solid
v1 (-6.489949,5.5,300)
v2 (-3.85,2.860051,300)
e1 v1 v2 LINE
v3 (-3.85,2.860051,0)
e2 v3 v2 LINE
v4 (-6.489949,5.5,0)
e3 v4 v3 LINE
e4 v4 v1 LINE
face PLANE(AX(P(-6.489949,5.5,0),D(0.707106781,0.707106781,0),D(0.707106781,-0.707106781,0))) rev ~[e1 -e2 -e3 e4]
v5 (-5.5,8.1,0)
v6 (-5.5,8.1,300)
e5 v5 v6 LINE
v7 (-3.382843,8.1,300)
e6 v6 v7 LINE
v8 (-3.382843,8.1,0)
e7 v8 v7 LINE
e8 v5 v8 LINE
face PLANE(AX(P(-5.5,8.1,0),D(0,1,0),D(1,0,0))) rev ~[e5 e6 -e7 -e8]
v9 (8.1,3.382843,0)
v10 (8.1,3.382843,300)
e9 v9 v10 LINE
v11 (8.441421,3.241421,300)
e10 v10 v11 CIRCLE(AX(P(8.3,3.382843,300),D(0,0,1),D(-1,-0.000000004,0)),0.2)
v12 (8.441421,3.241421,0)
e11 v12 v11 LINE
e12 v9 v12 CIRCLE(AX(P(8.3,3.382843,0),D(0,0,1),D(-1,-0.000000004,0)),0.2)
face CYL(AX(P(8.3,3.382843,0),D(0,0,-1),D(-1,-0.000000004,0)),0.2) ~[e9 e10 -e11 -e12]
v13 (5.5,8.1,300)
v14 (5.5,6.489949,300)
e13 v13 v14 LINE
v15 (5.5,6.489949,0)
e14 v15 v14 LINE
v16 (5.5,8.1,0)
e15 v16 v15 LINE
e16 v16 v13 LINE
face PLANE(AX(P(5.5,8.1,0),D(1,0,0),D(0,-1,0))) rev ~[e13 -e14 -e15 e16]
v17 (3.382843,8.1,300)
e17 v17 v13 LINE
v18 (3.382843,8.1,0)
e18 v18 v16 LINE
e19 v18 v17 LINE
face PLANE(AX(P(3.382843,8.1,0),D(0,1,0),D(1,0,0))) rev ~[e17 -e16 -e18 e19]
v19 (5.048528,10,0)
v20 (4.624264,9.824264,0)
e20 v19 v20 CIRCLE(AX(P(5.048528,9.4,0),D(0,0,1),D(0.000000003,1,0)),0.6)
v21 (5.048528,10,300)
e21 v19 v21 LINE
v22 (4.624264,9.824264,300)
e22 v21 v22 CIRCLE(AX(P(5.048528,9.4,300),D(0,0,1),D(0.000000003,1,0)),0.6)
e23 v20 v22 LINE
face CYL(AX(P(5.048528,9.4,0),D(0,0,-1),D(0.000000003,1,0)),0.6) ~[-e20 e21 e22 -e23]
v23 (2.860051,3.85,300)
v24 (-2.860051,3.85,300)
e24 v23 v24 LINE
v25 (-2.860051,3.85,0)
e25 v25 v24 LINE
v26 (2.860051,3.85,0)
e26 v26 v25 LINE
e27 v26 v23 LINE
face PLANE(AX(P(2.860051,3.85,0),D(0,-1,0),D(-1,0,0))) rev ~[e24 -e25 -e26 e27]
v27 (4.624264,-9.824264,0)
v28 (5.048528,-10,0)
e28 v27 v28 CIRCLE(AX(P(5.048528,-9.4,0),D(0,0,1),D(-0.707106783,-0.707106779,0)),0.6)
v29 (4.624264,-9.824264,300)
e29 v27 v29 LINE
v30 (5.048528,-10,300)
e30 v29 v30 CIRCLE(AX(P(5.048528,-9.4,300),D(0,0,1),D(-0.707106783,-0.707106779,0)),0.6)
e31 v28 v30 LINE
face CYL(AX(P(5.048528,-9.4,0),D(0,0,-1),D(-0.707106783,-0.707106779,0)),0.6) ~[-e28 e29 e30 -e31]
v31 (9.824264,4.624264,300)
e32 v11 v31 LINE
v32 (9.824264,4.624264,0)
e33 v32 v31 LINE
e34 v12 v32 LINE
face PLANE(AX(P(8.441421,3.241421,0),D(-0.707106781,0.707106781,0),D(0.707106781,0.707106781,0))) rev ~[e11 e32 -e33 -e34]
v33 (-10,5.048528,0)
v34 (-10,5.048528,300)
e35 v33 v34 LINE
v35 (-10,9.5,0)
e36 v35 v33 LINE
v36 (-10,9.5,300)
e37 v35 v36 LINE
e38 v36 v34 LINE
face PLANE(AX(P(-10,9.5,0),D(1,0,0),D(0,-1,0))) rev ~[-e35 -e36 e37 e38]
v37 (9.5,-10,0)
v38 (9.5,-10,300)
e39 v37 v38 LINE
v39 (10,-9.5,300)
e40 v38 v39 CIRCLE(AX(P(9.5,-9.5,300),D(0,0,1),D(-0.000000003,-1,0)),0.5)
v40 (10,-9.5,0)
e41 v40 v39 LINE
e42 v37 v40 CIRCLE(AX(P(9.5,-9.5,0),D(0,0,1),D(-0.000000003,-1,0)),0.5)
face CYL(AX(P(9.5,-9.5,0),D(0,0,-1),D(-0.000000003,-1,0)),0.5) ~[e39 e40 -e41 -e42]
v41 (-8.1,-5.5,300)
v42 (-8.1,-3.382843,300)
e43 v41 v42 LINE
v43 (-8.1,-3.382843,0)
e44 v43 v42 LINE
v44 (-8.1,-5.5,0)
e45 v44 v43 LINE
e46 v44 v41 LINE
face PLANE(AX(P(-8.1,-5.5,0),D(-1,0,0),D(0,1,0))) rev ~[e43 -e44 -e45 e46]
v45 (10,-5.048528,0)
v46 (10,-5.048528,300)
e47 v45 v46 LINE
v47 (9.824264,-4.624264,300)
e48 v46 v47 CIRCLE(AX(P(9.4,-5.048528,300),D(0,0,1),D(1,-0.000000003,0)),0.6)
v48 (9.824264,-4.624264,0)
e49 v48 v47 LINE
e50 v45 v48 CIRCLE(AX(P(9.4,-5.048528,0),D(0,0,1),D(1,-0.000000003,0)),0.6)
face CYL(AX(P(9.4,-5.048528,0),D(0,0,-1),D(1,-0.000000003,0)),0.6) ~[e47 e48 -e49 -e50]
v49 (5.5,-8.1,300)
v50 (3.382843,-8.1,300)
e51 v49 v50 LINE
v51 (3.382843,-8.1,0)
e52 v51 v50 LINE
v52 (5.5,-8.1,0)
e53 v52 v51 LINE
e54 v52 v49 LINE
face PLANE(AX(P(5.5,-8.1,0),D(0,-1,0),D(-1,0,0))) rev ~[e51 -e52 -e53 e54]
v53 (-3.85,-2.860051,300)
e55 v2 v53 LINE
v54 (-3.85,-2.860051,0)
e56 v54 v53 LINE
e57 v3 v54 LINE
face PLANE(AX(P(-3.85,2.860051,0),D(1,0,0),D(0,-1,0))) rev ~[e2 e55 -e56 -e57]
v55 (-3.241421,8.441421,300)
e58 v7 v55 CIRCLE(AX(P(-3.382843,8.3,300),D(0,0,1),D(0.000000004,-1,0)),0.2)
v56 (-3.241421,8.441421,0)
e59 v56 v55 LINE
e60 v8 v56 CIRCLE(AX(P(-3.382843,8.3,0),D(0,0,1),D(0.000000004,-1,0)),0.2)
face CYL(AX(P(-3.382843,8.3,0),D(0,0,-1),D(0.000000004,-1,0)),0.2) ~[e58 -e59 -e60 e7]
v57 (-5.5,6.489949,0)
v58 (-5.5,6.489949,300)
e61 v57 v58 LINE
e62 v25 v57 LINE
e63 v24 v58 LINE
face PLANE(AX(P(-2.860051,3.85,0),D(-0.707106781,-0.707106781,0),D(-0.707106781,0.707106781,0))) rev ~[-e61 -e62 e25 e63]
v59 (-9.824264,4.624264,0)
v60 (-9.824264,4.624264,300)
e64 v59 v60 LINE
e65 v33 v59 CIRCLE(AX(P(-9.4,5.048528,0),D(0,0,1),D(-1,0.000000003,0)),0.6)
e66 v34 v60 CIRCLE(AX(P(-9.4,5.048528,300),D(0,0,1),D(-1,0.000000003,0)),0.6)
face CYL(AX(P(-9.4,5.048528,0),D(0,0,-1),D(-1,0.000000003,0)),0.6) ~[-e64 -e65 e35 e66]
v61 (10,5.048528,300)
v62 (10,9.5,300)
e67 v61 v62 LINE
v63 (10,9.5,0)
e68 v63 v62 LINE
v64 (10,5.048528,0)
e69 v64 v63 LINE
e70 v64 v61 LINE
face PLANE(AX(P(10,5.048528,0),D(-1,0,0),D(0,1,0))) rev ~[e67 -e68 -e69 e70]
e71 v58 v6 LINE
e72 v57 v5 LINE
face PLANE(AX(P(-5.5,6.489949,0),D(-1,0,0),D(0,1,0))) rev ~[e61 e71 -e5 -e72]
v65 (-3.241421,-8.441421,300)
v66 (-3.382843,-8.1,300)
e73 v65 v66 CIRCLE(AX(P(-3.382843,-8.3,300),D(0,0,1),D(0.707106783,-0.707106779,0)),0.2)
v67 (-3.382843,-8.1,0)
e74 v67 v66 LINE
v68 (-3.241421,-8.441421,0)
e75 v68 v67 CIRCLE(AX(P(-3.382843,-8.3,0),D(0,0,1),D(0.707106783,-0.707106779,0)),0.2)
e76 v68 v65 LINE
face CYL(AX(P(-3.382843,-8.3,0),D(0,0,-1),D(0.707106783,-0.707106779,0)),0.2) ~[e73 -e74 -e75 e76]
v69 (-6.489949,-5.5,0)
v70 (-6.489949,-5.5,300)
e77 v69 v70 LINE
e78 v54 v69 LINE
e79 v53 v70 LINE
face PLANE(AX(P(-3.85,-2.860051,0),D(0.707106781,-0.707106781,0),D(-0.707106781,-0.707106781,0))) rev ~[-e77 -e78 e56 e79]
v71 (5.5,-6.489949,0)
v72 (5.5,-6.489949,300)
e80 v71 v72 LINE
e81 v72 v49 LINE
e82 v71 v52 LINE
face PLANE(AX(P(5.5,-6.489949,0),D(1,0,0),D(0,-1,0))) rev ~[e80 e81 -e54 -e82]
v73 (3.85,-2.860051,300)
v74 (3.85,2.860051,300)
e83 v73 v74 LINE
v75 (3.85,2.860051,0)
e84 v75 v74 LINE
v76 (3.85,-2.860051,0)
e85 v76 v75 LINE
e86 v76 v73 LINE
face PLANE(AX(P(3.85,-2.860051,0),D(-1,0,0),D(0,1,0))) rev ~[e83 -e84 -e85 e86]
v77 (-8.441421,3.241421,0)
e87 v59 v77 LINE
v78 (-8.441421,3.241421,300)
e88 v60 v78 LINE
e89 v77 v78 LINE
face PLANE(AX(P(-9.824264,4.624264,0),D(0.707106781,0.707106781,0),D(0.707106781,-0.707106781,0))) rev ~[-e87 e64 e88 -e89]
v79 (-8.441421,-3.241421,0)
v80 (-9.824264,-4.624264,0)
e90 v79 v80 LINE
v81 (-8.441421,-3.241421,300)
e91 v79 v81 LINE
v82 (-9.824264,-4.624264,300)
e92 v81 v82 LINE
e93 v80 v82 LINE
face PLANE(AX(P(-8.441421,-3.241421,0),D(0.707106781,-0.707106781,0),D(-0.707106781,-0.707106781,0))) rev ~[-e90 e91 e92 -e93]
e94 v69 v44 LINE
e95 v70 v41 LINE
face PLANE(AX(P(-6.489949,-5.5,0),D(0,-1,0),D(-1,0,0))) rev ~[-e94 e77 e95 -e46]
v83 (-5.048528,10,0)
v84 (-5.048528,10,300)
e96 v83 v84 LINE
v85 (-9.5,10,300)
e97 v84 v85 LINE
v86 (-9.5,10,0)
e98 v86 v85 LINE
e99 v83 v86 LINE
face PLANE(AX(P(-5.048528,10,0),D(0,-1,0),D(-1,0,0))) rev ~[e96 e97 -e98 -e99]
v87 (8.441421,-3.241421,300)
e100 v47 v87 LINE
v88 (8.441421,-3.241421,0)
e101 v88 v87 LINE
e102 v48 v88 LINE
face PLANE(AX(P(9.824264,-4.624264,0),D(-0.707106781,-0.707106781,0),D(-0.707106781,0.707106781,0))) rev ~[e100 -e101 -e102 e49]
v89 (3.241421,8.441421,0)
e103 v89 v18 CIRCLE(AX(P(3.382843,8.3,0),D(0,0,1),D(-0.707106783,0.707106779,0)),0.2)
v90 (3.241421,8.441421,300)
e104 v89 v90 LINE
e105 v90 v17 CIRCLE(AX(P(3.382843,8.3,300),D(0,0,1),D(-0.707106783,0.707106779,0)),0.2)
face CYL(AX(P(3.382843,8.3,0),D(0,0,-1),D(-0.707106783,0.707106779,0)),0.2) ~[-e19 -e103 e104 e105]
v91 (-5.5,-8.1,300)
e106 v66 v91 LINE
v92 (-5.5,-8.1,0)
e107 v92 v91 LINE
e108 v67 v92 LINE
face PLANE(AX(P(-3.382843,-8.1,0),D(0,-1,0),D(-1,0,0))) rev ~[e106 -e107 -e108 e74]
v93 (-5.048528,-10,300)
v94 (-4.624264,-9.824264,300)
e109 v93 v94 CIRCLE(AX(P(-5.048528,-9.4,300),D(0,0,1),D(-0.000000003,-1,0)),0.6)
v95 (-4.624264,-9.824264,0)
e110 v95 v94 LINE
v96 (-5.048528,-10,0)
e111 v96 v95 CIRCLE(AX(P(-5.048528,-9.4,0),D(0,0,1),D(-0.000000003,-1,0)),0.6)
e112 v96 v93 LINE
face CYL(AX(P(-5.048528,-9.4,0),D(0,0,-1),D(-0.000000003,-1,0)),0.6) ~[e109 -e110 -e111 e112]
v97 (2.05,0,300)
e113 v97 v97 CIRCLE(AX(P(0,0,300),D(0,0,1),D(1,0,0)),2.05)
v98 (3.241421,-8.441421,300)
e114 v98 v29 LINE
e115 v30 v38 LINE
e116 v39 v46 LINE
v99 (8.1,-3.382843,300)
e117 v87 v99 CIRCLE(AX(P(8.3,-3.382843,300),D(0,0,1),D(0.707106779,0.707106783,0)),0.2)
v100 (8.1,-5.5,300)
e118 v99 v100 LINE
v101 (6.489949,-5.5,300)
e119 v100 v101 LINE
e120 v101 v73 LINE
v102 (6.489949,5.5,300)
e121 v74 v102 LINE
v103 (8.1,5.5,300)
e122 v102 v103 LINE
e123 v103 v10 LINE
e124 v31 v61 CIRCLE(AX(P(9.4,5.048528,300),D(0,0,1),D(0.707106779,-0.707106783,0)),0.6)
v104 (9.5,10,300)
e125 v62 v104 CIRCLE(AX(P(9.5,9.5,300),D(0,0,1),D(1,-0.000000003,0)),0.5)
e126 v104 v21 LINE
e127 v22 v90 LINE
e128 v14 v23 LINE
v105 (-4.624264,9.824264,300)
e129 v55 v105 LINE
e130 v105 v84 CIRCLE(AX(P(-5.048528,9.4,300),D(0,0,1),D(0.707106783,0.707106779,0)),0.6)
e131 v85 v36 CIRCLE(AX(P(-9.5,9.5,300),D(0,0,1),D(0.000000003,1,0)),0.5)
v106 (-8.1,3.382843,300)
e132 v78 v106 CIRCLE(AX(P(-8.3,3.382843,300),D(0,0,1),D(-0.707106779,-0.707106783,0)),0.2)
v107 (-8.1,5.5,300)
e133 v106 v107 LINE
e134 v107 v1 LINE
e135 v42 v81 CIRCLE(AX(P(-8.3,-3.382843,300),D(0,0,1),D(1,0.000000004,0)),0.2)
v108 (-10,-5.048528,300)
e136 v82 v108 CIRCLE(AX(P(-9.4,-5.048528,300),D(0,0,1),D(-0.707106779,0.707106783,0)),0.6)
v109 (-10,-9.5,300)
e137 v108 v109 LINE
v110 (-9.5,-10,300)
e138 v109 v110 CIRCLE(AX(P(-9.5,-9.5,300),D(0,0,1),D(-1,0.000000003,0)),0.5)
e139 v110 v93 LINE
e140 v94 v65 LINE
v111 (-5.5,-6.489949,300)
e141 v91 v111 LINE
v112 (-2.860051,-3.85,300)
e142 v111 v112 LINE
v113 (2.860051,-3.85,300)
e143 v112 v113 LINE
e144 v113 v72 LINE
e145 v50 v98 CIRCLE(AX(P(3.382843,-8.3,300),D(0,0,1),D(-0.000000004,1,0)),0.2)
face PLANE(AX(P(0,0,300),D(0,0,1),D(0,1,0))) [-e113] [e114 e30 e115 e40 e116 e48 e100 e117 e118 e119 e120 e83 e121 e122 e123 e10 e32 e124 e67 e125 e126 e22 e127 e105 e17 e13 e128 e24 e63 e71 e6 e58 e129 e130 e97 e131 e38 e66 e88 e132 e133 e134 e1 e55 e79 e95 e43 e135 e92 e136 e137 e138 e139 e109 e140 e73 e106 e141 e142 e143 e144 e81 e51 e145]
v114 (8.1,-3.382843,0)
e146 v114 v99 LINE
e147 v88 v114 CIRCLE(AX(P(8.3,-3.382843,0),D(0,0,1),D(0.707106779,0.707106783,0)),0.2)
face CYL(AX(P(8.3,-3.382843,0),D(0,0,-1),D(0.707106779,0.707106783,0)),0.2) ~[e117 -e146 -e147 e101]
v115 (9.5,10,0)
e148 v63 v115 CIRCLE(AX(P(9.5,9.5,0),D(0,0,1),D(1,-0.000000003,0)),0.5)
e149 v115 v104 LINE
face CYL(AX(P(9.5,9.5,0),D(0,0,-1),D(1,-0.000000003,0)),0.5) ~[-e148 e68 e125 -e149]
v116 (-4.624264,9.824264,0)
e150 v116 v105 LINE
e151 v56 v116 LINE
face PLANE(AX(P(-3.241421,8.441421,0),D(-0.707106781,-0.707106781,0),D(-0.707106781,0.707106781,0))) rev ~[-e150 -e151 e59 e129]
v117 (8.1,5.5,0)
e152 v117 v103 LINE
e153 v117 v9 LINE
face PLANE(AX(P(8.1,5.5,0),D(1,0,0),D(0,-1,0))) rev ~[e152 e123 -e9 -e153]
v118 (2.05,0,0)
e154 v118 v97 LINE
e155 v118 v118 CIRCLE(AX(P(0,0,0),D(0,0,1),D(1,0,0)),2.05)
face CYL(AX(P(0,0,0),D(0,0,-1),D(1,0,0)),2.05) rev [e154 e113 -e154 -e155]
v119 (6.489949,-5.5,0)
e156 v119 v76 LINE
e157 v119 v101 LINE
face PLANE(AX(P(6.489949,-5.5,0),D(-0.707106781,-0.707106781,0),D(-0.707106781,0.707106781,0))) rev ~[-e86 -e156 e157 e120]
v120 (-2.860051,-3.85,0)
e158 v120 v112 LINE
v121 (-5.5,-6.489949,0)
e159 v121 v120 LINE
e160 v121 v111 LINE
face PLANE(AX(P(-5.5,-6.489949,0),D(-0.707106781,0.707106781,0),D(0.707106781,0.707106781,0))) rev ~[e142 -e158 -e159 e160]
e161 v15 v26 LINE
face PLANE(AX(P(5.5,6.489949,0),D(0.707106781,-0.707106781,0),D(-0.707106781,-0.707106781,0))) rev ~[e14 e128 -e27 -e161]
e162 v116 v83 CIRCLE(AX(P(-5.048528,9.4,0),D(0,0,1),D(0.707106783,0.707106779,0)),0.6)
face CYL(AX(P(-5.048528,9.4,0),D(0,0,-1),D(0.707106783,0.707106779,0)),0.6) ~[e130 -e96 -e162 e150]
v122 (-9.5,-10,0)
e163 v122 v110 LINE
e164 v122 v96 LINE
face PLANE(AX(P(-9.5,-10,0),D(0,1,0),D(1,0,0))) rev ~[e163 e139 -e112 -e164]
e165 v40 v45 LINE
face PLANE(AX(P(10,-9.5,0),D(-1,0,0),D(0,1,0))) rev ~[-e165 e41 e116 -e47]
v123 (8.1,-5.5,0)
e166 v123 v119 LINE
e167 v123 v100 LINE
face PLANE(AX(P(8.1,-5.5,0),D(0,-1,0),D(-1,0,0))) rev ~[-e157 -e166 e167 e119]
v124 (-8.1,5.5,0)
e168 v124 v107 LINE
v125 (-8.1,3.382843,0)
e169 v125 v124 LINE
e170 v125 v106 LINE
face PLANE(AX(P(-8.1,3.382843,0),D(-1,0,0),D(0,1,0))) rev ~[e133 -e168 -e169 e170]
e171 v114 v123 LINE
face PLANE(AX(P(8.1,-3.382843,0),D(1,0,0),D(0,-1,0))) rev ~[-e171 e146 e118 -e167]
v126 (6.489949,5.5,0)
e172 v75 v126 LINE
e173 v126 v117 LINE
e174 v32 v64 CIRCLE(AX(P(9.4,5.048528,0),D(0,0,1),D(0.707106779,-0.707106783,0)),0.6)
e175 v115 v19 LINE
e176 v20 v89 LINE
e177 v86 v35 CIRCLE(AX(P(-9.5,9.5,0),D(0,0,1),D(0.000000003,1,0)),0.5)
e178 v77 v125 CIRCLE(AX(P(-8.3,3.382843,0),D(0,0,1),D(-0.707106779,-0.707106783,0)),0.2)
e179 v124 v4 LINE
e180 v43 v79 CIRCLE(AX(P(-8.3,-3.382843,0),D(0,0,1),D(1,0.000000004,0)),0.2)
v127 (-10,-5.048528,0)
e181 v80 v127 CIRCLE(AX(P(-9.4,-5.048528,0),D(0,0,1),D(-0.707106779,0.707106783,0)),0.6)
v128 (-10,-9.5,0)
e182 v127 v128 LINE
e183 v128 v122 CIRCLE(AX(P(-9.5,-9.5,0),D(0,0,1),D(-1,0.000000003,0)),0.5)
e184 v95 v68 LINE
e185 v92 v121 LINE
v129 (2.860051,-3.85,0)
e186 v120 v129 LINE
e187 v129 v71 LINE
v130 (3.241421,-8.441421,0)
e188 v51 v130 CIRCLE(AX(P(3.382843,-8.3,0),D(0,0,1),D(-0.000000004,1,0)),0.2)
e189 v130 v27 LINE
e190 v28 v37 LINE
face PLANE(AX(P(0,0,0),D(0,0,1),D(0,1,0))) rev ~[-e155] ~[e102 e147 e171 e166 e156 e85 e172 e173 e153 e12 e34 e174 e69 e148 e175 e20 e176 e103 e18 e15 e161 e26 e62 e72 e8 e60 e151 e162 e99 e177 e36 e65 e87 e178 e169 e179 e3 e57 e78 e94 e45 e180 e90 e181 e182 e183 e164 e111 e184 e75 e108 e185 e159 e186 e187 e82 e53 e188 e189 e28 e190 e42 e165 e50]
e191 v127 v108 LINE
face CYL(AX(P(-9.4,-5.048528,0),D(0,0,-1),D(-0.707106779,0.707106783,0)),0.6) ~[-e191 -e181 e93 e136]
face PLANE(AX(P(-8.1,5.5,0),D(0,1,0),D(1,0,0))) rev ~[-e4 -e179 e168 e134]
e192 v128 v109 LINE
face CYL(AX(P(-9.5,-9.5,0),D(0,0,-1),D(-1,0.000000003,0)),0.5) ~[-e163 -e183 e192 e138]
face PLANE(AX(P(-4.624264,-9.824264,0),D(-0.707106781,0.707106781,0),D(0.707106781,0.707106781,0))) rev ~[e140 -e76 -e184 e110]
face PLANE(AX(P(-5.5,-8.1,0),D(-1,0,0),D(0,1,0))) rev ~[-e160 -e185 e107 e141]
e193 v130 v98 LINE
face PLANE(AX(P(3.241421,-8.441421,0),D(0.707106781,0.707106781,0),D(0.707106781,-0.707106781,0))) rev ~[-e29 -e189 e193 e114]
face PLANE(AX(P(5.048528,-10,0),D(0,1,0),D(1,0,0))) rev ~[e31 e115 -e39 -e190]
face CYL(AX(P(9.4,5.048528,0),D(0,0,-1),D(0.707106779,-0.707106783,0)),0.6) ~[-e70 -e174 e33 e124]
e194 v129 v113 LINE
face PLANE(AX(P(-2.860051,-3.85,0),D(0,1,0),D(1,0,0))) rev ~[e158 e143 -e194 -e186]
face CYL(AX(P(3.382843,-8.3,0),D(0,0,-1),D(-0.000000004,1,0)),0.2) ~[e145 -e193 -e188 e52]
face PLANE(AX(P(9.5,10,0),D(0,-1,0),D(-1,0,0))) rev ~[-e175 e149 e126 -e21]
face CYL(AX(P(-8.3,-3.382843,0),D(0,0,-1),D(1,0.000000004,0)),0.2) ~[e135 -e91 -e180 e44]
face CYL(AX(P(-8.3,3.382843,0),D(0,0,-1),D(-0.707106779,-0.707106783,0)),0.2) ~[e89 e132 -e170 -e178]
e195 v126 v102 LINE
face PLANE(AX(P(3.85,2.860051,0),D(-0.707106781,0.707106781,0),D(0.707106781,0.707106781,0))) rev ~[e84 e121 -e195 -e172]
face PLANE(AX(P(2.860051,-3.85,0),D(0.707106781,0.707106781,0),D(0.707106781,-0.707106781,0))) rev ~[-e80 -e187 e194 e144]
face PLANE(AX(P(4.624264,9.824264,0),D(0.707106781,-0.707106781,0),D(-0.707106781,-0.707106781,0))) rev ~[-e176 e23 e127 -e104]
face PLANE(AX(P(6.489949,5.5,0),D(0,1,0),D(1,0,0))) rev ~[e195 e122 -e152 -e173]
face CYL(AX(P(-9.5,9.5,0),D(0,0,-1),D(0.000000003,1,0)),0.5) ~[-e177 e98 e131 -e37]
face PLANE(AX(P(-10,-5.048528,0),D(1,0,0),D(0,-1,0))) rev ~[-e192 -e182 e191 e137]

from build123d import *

# Parameters (mm, degrees)
SKETCH1_R           = 2.05
BOSS_EXTRUDE1_DEPTH = 300


with BuildPart() as part:
    # Sketch1 → Boss-Extrude1 (new body)
    with BuildSketch(Plane(origin=(0, 0, 0), x_dir=(0, 1, 0), z_dir=(0, 0, 1))):
        with BuildLine():
            Line((-2.860050506, -3.85), (2.860050506, -3.85))
            Line((2.860050506, -3.85), (5.5, -6.489949494))
            Line((5.5, -6.489949494), (5.5, -8.1))
            Line((5.5, -8.1), (3.382842712, -8.1))
            ThreePointArc((3.382842712, -8.1), (3.198066806, -8.223463314), (3.241421356, -8.441421356))
            Line((3.241421356, -8.441421356), (4.624264069, -9.824264069))
            ThreePointArc((4.624264069, -9.824264069), (4.818918078, -9.95432772), (5.048528137, -10))
            Line((5.048528137, -10), (9.5, -10))
            ThreePointArc((9.5, -10), (9.853553391, -9.853553391), (10, -9.5))
            Line((10, -9.5), (10, -5.048528137))
            ThreePointArc((10, -5.048528137), (9.95432772, -4.818918078), (9.824264069, -4.624264069))
            Line((9.824264069, -4.624264069), (8.441421356, -3.241421356))
            ThreePointArc((8.441421356, -3.241421356), (8.223463314, -3.198066806), (8.1, -3.382842712))
            Line((8.1, -3.382842712), (8.1, -5.5))
            Line((8.1, -5.5), (6.489949494, -5.5))
            Line((6.489949494, -5.5), (3.85, -2.860050506))
            Line((3.85, -2.860050506), (3.85, 2.860050506))
            Line((3.85, 2.860050506), (6.489949494, 5.5))
            Line((6.489949494, 5.5), (8.1, 5.5))
            Line((8.1, 5.5), (8.1, 3.382842712))
            ThreePointArc((8.1, 3.382842712), (8.223463314, 3.198066806), (8.441421356, 3.241421356))
            Line((8.441421356, 3.241421356), (9.824264069, 4.624264069))
            ThreePointArc((9.824264069, 4.624264069), (9.95432772, 4.818918078), (10, 5.048528137))
            Line((10, 5.048528137), (10, 9.5))
            ThreePointArc((10, 9.5), (9.853553391, 9.853553391), (9.5, 10))
            Line((9.5, 10), (5.048528137, 10))
            ThreePointArc((5.048528137, 10), (4.818918078, 9.95432772), (4.624264069, 9.824264069))
            Line((4.624264069, 9.824264069), (3.241421356, 8.441421356))
            ThreePointArc((3.241421356, 8.441421356), (3.198066806, 8.223463314), (3.382842712, 8.1))
            Line((3.382842712, 8.1), (5.5, 8.1))
            Line((5.5, 8.1), (5.5, 6.489949494))
            Line((5.5, 6.489949494), (2.860050506, 3.85))
            Line((2.860050506, 3.85), (-2.860050506, 3.85))
            Line((-2.860050506, 3.85), (-5.5, 6.489949494))
            Line((-5.5, 6.489949494), (-5.5, 8.1))
            Line((-5.5, 8.1), (-3.382842712, 8.1))
            ThreePointArc((-3.382842712, 8.1), (-3.198066806, 8.223463314), (-3.241421356, 8.441421356))
            Line((-3.241421356, 8.441421356), (-4.624264069, 9.824264069))
            ThreePointArc((-4.624264069, 9.824264069), (-4.818918078, 9.95432772), (-5.048528137, 10))
            Line((-5.048528137, 10), (-9.5, 10))
            ThreePointArc((-9.5, 10), (-9.853553391, 9.853553391), (-10, 9.5))
            Line((-10, 9.5), (-10, 5.048528137))
            ThreePointArc((-10, 5.048528137), (-9.95432772, 4.818918078), (-9.824264069, 4.624264069))
            Line((-9.824264069, 4.624264069), (-8.441421356, 3.241421356))
            ThreePointArc((-8.441421356, 3.241421356), (-8.223463314, 3.198066806), (-8.1, 3.382842712))
            Line((-8.1, 3.382842712), (-8.1, 5.5))
            Line((-8.1, 5.5), (-6.489949494, 5.5))
            Line((-6.489949494, 5.5), (-3.85, 2.860050506))
            Line((-3.85, 2.860050506), (-3.85, -2.860050506))
            Line((-3.85, -2.860050506), (-6.489949494, -5.5))
            Line((-6.489949494, -5.5), (-8.1, -5.5))
            Line((-8.1, -5.5), (-8.1, -3.382842712))
            ThreePointArc((-8.1, -3.382842712), (-8.223463314, -3.198066806), (-8.441421356, -3.241421356))
            Line((-8.441421356, -3.241421356), (-9.824264069, -4.624264069))
            ThreePointArc((-9.824264069, -4.624264069), (-9.95432772, -4.818918078), (-10, -5.048528137))
            Line((-10, -5.048528137), (-10, -9.5))
            ThreePointArc((-10, -9.5), (-9.853553391, -9.853553391), (-9.5, -10))
            Line((-9.5, -10), (-5.048528137, -10))
            ThreePointArc((-5.048528137, -10), (-4.818918078, -9.95432772), (-4.624264069, -9.824264069))
            Line((-4.624264069, -9.824264069), (-3.241421356, -8.441421356))
            ThreePointArc((-3.241421356, -8.441421356), (-3.198066806, -8.223463314), (-3.382842712, -8.1))
            Line((-3.382842712, -8.1), (-5.5, -8.1))
            Line((-5.5, -8.1), (-5.5, -6.489949494))
            Line((-5.5, -6.489949494), (-2.860050506, -3.85))
        make_face()
        with Locations(Location((0, 0, 0), (0, 0, 270))):
            Circle(SKETCH1_R, mode=Mode.SUBTRACT)
    extrude(amount=BOSS_EXTRUDE1_DEPTH)


solid = part.part
